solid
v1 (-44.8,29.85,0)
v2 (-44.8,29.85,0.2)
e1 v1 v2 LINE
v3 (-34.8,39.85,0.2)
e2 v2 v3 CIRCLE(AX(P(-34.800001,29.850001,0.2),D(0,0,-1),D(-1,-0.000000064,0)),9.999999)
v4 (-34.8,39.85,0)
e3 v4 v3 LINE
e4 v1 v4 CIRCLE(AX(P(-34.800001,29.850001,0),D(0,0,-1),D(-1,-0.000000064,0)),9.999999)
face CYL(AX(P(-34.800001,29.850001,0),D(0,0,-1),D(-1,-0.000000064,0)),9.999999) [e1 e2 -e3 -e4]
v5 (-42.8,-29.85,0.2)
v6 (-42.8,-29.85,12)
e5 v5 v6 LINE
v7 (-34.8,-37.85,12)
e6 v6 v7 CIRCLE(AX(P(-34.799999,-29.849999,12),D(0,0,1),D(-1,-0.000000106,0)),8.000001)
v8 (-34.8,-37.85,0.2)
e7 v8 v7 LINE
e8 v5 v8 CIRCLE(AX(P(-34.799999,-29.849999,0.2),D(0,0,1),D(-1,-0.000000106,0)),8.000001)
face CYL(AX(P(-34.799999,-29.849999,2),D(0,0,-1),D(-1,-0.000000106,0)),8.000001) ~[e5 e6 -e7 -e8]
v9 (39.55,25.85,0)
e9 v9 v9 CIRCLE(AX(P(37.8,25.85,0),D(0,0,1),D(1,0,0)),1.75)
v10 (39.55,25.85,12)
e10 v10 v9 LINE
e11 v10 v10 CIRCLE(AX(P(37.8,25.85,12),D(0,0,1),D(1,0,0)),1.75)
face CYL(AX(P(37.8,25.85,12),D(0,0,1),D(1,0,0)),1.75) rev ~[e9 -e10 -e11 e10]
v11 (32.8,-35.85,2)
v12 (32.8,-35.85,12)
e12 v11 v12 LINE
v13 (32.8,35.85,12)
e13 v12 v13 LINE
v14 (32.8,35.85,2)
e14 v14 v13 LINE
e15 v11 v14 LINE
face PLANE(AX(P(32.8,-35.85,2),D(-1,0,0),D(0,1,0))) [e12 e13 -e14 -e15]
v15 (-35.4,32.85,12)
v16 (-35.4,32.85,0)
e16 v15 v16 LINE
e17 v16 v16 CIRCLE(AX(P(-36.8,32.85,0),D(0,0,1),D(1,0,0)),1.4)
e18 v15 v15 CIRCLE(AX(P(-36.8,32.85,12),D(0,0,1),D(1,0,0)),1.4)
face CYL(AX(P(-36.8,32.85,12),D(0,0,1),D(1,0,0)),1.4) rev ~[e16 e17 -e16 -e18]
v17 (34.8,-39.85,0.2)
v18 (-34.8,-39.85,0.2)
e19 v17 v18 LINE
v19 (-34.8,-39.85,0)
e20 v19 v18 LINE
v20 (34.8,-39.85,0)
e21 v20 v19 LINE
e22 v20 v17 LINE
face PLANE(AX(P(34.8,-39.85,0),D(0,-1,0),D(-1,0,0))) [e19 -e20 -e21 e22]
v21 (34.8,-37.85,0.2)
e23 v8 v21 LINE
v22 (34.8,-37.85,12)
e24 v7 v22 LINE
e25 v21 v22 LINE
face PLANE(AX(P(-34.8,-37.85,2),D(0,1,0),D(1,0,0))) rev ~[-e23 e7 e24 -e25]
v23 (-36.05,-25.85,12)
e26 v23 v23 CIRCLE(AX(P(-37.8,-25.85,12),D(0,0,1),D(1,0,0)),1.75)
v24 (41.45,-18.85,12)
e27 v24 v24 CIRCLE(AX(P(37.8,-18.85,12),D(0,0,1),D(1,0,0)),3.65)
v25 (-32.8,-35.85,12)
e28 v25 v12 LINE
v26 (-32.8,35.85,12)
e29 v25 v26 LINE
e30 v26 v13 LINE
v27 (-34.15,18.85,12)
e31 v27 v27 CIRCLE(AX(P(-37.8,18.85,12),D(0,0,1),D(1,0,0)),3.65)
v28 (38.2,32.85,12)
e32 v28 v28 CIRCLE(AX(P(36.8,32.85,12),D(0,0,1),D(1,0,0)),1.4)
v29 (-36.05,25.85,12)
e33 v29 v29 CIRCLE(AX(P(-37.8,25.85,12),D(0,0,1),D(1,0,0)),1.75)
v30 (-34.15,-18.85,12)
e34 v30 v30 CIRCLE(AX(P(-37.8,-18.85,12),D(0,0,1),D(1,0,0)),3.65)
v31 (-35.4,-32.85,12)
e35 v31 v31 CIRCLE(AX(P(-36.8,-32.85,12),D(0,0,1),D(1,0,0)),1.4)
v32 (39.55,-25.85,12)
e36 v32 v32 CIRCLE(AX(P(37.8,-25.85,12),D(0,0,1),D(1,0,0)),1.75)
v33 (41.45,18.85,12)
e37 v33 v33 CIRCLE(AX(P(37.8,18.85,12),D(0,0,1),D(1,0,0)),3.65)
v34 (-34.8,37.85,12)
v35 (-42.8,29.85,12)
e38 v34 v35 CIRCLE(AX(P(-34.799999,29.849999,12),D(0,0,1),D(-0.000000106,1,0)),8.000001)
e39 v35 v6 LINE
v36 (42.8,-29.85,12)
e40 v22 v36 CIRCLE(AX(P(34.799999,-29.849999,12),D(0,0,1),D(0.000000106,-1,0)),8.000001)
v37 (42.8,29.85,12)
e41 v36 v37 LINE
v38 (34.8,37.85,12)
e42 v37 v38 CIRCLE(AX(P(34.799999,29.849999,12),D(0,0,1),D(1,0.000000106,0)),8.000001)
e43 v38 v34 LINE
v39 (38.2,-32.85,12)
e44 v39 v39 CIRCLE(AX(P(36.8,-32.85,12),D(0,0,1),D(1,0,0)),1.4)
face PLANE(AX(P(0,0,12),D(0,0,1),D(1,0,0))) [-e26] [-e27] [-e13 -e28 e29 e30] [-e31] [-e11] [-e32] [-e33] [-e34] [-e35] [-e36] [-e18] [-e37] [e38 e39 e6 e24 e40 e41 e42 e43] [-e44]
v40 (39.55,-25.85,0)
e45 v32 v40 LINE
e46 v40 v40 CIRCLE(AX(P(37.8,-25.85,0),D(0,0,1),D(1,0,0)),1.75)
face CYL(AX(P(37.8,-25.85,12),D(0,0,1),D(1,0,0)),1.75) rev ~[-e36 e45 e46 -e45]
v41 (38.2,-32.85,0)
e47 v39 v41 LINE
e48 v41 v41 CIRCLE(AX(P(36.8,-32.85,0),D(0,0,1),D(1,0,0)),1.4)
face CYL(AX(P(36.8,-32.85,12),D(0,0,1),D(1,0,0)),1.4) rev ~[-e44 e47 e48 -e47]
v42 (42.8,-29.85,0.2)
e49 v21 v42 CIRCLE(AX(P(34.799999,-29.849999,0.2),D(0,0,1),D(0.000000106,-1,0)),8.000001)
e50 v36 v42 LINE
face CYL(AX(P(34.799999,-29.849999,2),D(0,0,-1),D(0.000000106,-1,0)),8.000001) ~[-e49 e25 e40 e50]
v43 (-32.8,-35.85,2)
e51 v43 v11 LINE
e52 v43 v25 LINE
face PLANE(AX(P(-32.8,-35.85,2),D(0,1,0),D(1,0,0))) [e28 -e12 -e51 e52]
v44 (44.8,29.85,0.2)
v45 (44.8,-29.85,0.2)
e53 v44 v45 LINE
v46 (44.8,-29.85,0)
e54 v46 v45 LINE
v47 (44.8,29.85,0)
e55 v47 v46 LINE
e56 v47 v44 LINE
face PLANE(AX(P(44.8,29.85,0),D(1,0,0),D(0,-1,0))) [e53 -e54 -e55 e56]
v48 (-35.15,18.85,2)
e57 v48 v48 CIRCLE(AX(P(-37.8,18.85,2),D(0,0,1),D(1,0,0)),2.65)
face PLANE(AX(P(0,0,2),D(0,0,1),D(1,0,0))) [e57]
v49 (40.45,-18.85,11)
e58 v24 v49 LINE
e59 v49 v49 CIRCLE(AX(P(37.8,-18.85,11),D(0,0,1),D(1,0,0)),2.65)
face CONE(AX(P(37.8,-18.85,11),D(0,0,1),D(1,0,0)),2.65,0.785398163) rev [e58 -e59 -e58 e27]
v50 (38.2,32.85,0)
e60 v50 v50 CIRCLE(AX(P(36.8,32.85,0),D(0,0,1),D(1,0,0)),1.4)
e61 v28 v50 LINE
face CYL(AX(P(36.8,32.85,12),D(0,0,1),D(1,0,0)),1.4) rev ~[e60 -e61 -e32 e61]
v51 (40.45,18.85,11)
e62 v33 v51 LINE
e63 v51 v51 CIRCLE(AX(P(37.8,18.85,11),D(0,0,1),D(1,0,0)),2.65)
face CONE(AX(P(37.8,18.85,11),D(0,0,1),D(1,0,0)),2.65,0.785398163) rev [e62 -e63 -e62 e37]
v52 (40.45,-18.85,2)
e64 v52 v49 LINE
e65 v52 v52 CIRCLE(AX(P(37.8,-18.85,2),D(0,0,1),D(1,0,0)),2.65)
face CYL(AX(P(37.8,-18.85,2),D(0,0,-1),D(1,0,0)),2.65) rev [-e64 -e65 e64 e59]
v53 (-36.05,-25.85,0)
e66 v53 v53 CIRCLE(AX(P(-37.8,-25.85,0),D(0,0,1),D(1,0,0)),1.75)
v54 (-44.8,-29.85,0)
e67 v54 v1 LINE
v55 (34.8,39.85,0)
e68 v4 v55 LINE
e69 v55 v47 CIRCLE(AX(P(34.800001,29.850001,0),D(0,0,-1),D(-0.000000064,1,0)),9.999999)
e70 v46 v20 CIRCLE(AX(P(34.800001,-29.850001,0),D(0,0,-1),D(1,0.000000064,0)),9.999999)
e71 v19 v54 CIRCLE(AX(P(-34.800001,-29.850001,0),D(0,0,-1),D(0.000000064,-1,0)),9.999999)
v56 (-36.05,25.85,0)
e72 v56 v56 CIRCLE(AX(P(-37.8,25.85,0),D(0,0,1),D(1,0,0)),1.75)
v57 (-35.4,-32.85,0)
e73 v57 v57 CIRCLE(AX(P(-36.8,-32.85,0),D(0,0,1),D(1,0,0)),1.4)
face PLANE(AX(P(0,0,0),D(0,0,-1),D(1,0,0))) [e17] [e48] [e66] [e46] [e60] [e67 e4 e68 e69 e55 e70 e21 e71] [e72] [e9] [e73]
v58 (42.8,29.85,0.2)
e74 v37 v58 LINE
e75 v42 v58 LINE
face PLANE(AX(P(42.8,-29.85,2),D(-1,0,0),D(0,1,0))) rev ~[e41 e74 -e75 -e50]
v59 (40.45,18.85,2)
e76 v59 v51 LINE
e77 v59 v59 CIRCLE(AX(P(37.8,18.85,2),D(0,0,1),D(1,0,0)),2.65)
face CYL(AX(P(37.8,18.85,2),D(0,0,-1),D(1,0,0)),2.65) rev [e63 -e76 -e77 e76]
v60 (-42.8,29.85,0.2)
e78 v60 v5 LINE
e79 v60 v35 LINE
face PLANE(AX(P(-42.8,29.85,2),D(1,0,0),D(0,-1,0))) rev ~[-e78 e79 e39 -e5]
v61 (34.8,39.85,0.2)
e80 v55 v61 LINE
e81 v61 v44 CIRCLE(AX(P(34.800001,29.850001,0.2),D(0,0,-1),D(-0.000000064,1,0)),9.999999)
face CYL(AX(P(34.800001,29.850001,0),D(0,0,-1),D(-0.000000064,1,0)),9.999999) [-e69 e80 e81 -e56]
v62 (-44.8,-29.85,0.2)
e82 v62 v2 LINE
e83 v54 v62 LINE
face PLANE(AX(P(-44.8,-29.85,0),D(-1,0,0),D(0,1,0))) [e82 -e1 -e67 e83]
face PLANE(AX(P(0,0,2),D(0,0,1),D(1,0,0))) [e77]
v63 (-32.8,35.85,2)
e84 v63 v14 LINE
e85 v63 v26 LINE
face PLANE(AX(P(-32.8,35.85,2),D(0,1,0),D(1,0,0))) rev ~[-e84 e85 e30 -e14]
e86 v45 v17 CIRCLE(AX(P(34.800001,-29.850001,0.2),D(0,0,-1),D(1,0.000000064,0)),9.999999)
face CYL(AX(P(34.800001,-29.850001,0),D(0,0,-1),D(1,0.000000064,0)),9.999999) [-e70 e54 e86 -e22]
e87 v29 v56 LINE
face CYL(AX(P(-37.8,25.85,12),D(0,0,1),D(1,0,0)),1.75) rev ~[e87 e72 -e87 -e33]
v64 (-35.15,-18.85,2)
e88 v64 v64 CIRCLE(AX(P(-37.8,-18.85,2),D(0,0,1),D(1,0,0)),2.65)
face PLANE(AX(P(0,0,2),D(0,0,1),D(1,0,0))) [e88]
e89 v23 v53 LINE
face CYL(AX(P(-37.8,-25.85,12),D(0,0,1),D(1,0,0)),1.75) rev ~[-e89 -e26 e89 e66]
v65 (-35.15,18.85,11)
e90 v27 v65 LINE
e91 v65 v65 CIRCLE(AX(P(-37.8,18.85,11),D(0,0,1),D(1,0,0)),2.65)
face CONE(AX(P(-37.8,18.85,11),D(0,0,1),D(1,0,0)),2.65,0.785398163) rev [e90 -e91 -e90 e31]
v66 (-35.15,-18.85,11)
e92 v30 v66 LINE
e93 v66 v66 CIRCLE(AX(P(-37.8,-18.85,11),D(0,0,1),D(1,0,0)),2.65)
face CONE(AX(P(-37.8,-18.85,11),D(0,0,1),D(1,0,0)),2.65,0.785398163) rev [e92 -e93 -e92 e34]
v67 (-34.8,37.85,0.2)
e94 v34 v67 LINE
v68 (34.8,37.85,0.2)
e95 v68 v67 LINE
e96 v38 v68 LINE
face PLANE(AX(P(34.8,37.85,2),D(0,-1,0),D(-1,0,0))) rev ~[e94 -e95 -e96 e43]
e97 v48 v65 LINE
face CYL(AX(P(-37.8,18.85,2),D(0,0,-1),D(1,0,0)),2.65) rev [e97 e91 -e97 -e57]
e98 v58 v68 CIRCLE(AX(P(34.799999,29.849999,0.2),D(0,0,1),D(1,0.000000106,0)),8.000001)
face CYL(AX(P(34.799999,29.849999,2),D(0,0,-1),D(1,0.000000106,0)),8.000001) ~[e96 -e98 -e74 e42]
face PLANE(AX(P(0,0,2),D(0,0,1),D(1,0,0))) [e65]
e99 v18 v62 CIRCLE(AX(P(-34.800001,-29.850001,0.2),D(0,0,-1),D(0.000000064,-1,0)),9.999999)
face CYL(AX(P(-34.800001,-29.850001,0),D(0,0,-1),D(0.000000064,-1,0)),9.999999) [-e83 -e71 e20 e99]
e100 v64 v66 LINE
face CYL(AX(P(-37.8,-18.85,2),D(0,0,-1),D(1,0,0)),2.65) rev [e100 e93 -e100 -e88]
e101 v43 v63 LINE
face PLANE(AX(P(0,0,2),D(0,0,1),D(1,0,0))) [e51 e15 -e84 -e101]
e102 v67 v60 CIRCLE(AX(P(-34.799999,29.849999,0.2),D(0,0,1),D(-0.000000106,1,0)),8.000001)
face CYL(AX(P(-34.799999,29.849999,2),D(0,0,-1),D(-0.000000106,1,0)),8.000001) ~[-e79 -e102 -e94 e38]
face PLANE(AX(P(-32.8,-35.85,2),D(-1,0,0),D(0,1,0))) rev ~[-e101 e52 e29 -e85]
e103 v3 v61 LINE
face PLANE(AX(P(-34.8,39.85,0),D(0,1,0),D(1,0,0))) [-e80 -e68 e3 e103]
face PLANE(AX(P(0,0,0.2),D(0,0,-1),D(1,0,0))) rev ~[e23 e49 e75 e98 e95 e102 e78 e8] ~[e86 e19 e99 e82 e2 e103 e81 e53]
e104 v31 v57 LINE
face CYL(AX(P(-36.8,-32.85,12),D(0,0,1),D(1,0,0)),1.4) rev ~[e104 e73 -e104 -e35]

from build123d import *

# Parameters (mm, degrees)
F1_DEPTH = 2
F2_R     = 2.65
F2_W     = 65.6
F2_H     = 71.7
F3_DEPTH = 10
F4_R     = 1.4
F4_R_2   = 1.75
F5_DEPTH = 12
F6_SIZE  = 1
F8_DEPTH = 0.2


with BuildPart() as f1:
    # F0 (on Top) → F1 (new body)
    with BuildSketch(Plane.XY):
        with BuildLine():
            Line((34.8, 37.85), (-34.8, 37.85))
            ThreePointArc((-34.8, 37.85), (-40.456854, 35.506854), (-42.8, 29.85))
            Line((-42.8, 29.85), (-42.8, -29.85))
            ThreePointArc((-42.8, -29.85), (-40.456854, -35.506854), (-34.8, -37.85))
            Line((-34.8, -37.85), (34.8, -37.85))
            ThreePointArc((34.8, -37.85), (40.456854, -35.506854), (42.8, -29.85))
            Line((42.8, -29.85), (42.8, 29.85))
            ThreePointArc((42.8, 29.85), (40.456854, 35.506854), (34.8, 37.85))
        make_face()
    extrude(amount=F1_DEPTH)

    # F2 (on face) → F3 (join)
    with BuildSketch(Plane.XY.offset(2)):
        with BuildLine():
            ThreePointArc((-34.8, 37.85), (-40.456854, 35.506854), (-42.8, 29.85))
            Line((-42.8, 29.85), (-42.8, -29.85))
            ThreePointArc((-42.8, -29.85), (-40.456854, -35.506854), (-34.8, -37.85))
            Line((-34.8, -37.85), (34.8, -37.85))
            ThreePointArc((34.8, -37.85), (40.456854, -35.506854), (42.8, -29.85))
            Line((42.8, -29.85), (42.8, 29.85))
            ThreePointArc((42.8, 29.85), (40.456854, 35.506854), (34.8, 37.85))
            Line((34.8, 37.85), (-34.8, 37.85))
        make_face()
        with Locations((-37.8, -18.85)):
            Circle(F2_R, mode=Mode.SUBTRACT)
        with Locations((37.8, -18.85)):
            Circle(F2_R, mode=Mode.SUBTRACT)
        with Locations((-37.8, 18.85)):
            Circle(F2_R, mode=Mode.SUBTRACT)
        Rectangle(F2_W, F2_H, mode=Mode.SUBTRACT)
        with Locations((37.8, 18.85)):
            Circle(F2_R, mode=Mode.SUBTRACT)
    extrude(amount=F3_DEPTH)

    # F4 (on face) → F5 (cut, through all)
    with BuildSketch(Plane.XY.offset(12)):
        with Locations((-36.8, -32.85)):
            Circle(F4_R)
        with Locations((36.8, -32.85)):
            Circle(F4_R)
        with Locations((-36.8, 32.85)):
            Circle(F4_R)
        with Locations((36.8, 32.85)):
            Circle(F4_R)
        with Locations((-37.8, -25.85)):
            Circle(F4_R_2)
        with Locations((37.8, -25.85)):
            Circle(F4_R_2)
        with Locations((-37.8, 25.85)):
            Circle(F4_R_2)
        with Locations((37.8, 25.85)):
            Circle(F4_R_2)
    extrude(amount=-F5_DEPTH, mode=Mode.SUBTRACT)

    # F6
    f6_edges = [f1.edges().sort_by_distance(p)[0] for p in [
        (-40.45, 18.85, 12),
        (35.15, 18.85, 12),
        (35.15, -18.85, 12),
        (-40.45, -18.85, 12),
    ]]
    chamfer(f6_edges, length=F6_SIZE)

    # F7 (on face) → F8 (join)
    with BuildSketch(Plane(origin=(0, 0, 0), x_dir=(1, 0, 0), z_dir=(0, 0, -1))):
        with BuildLine():
            Line((34.8, 39.85), (-34.8, 39.85))
            ThreePointArc((-34.8, 39.85), (-41.871068, 36.921068), (-44.8, 29.85))
            Line((-44.8, 29.85), (-44.8, -29.85))
            ThreePointArc((-44.8, -29.85), (-41.871068, -36.921068), (-34.8, -39.85))
            Line((-34.8, -39.85), (34.8, -39.85))
            ThreePointArc((34.8, -39.85), (41.871068, -36.921068), (44.8, -29.85))
            Line((44.8, -29.85), (44.8, 29.85))
            ThreePointArc((44.8, 29.85), (41.871068, 36.921068), (34.8, 39.85))
        make_face()
        with BuildLine():
            Line((-42.8, -29.85), (-42.8, 29.85))
            ThreePointArc((-42.8, 29.85), (-40.456854, 35.506854), (-34.8, 37.85))
            Line((-34.8, 37.85), (34.8, 37.85))
            ThreePointArc((34.8, 37.85), (40.456854, 35.506854), (42.8, 29.85))
            Line((42.8, 29.85), (42.8, -29.85))
            ThreePointArc((42.8, -29.85), (40.456854, -35.506854), (34.8, -37.85))
            Line((34.8, -37.85), (-34.8, -37.85))
            ThreePointArc((-34.8, -37.85), (-40.456854, -35.506854), (-42.8, -29.85))
        make_face(mode=Mode.SUBTRACT)
    extrude(amount=-F8_DEPTH)


solid = f1.part
